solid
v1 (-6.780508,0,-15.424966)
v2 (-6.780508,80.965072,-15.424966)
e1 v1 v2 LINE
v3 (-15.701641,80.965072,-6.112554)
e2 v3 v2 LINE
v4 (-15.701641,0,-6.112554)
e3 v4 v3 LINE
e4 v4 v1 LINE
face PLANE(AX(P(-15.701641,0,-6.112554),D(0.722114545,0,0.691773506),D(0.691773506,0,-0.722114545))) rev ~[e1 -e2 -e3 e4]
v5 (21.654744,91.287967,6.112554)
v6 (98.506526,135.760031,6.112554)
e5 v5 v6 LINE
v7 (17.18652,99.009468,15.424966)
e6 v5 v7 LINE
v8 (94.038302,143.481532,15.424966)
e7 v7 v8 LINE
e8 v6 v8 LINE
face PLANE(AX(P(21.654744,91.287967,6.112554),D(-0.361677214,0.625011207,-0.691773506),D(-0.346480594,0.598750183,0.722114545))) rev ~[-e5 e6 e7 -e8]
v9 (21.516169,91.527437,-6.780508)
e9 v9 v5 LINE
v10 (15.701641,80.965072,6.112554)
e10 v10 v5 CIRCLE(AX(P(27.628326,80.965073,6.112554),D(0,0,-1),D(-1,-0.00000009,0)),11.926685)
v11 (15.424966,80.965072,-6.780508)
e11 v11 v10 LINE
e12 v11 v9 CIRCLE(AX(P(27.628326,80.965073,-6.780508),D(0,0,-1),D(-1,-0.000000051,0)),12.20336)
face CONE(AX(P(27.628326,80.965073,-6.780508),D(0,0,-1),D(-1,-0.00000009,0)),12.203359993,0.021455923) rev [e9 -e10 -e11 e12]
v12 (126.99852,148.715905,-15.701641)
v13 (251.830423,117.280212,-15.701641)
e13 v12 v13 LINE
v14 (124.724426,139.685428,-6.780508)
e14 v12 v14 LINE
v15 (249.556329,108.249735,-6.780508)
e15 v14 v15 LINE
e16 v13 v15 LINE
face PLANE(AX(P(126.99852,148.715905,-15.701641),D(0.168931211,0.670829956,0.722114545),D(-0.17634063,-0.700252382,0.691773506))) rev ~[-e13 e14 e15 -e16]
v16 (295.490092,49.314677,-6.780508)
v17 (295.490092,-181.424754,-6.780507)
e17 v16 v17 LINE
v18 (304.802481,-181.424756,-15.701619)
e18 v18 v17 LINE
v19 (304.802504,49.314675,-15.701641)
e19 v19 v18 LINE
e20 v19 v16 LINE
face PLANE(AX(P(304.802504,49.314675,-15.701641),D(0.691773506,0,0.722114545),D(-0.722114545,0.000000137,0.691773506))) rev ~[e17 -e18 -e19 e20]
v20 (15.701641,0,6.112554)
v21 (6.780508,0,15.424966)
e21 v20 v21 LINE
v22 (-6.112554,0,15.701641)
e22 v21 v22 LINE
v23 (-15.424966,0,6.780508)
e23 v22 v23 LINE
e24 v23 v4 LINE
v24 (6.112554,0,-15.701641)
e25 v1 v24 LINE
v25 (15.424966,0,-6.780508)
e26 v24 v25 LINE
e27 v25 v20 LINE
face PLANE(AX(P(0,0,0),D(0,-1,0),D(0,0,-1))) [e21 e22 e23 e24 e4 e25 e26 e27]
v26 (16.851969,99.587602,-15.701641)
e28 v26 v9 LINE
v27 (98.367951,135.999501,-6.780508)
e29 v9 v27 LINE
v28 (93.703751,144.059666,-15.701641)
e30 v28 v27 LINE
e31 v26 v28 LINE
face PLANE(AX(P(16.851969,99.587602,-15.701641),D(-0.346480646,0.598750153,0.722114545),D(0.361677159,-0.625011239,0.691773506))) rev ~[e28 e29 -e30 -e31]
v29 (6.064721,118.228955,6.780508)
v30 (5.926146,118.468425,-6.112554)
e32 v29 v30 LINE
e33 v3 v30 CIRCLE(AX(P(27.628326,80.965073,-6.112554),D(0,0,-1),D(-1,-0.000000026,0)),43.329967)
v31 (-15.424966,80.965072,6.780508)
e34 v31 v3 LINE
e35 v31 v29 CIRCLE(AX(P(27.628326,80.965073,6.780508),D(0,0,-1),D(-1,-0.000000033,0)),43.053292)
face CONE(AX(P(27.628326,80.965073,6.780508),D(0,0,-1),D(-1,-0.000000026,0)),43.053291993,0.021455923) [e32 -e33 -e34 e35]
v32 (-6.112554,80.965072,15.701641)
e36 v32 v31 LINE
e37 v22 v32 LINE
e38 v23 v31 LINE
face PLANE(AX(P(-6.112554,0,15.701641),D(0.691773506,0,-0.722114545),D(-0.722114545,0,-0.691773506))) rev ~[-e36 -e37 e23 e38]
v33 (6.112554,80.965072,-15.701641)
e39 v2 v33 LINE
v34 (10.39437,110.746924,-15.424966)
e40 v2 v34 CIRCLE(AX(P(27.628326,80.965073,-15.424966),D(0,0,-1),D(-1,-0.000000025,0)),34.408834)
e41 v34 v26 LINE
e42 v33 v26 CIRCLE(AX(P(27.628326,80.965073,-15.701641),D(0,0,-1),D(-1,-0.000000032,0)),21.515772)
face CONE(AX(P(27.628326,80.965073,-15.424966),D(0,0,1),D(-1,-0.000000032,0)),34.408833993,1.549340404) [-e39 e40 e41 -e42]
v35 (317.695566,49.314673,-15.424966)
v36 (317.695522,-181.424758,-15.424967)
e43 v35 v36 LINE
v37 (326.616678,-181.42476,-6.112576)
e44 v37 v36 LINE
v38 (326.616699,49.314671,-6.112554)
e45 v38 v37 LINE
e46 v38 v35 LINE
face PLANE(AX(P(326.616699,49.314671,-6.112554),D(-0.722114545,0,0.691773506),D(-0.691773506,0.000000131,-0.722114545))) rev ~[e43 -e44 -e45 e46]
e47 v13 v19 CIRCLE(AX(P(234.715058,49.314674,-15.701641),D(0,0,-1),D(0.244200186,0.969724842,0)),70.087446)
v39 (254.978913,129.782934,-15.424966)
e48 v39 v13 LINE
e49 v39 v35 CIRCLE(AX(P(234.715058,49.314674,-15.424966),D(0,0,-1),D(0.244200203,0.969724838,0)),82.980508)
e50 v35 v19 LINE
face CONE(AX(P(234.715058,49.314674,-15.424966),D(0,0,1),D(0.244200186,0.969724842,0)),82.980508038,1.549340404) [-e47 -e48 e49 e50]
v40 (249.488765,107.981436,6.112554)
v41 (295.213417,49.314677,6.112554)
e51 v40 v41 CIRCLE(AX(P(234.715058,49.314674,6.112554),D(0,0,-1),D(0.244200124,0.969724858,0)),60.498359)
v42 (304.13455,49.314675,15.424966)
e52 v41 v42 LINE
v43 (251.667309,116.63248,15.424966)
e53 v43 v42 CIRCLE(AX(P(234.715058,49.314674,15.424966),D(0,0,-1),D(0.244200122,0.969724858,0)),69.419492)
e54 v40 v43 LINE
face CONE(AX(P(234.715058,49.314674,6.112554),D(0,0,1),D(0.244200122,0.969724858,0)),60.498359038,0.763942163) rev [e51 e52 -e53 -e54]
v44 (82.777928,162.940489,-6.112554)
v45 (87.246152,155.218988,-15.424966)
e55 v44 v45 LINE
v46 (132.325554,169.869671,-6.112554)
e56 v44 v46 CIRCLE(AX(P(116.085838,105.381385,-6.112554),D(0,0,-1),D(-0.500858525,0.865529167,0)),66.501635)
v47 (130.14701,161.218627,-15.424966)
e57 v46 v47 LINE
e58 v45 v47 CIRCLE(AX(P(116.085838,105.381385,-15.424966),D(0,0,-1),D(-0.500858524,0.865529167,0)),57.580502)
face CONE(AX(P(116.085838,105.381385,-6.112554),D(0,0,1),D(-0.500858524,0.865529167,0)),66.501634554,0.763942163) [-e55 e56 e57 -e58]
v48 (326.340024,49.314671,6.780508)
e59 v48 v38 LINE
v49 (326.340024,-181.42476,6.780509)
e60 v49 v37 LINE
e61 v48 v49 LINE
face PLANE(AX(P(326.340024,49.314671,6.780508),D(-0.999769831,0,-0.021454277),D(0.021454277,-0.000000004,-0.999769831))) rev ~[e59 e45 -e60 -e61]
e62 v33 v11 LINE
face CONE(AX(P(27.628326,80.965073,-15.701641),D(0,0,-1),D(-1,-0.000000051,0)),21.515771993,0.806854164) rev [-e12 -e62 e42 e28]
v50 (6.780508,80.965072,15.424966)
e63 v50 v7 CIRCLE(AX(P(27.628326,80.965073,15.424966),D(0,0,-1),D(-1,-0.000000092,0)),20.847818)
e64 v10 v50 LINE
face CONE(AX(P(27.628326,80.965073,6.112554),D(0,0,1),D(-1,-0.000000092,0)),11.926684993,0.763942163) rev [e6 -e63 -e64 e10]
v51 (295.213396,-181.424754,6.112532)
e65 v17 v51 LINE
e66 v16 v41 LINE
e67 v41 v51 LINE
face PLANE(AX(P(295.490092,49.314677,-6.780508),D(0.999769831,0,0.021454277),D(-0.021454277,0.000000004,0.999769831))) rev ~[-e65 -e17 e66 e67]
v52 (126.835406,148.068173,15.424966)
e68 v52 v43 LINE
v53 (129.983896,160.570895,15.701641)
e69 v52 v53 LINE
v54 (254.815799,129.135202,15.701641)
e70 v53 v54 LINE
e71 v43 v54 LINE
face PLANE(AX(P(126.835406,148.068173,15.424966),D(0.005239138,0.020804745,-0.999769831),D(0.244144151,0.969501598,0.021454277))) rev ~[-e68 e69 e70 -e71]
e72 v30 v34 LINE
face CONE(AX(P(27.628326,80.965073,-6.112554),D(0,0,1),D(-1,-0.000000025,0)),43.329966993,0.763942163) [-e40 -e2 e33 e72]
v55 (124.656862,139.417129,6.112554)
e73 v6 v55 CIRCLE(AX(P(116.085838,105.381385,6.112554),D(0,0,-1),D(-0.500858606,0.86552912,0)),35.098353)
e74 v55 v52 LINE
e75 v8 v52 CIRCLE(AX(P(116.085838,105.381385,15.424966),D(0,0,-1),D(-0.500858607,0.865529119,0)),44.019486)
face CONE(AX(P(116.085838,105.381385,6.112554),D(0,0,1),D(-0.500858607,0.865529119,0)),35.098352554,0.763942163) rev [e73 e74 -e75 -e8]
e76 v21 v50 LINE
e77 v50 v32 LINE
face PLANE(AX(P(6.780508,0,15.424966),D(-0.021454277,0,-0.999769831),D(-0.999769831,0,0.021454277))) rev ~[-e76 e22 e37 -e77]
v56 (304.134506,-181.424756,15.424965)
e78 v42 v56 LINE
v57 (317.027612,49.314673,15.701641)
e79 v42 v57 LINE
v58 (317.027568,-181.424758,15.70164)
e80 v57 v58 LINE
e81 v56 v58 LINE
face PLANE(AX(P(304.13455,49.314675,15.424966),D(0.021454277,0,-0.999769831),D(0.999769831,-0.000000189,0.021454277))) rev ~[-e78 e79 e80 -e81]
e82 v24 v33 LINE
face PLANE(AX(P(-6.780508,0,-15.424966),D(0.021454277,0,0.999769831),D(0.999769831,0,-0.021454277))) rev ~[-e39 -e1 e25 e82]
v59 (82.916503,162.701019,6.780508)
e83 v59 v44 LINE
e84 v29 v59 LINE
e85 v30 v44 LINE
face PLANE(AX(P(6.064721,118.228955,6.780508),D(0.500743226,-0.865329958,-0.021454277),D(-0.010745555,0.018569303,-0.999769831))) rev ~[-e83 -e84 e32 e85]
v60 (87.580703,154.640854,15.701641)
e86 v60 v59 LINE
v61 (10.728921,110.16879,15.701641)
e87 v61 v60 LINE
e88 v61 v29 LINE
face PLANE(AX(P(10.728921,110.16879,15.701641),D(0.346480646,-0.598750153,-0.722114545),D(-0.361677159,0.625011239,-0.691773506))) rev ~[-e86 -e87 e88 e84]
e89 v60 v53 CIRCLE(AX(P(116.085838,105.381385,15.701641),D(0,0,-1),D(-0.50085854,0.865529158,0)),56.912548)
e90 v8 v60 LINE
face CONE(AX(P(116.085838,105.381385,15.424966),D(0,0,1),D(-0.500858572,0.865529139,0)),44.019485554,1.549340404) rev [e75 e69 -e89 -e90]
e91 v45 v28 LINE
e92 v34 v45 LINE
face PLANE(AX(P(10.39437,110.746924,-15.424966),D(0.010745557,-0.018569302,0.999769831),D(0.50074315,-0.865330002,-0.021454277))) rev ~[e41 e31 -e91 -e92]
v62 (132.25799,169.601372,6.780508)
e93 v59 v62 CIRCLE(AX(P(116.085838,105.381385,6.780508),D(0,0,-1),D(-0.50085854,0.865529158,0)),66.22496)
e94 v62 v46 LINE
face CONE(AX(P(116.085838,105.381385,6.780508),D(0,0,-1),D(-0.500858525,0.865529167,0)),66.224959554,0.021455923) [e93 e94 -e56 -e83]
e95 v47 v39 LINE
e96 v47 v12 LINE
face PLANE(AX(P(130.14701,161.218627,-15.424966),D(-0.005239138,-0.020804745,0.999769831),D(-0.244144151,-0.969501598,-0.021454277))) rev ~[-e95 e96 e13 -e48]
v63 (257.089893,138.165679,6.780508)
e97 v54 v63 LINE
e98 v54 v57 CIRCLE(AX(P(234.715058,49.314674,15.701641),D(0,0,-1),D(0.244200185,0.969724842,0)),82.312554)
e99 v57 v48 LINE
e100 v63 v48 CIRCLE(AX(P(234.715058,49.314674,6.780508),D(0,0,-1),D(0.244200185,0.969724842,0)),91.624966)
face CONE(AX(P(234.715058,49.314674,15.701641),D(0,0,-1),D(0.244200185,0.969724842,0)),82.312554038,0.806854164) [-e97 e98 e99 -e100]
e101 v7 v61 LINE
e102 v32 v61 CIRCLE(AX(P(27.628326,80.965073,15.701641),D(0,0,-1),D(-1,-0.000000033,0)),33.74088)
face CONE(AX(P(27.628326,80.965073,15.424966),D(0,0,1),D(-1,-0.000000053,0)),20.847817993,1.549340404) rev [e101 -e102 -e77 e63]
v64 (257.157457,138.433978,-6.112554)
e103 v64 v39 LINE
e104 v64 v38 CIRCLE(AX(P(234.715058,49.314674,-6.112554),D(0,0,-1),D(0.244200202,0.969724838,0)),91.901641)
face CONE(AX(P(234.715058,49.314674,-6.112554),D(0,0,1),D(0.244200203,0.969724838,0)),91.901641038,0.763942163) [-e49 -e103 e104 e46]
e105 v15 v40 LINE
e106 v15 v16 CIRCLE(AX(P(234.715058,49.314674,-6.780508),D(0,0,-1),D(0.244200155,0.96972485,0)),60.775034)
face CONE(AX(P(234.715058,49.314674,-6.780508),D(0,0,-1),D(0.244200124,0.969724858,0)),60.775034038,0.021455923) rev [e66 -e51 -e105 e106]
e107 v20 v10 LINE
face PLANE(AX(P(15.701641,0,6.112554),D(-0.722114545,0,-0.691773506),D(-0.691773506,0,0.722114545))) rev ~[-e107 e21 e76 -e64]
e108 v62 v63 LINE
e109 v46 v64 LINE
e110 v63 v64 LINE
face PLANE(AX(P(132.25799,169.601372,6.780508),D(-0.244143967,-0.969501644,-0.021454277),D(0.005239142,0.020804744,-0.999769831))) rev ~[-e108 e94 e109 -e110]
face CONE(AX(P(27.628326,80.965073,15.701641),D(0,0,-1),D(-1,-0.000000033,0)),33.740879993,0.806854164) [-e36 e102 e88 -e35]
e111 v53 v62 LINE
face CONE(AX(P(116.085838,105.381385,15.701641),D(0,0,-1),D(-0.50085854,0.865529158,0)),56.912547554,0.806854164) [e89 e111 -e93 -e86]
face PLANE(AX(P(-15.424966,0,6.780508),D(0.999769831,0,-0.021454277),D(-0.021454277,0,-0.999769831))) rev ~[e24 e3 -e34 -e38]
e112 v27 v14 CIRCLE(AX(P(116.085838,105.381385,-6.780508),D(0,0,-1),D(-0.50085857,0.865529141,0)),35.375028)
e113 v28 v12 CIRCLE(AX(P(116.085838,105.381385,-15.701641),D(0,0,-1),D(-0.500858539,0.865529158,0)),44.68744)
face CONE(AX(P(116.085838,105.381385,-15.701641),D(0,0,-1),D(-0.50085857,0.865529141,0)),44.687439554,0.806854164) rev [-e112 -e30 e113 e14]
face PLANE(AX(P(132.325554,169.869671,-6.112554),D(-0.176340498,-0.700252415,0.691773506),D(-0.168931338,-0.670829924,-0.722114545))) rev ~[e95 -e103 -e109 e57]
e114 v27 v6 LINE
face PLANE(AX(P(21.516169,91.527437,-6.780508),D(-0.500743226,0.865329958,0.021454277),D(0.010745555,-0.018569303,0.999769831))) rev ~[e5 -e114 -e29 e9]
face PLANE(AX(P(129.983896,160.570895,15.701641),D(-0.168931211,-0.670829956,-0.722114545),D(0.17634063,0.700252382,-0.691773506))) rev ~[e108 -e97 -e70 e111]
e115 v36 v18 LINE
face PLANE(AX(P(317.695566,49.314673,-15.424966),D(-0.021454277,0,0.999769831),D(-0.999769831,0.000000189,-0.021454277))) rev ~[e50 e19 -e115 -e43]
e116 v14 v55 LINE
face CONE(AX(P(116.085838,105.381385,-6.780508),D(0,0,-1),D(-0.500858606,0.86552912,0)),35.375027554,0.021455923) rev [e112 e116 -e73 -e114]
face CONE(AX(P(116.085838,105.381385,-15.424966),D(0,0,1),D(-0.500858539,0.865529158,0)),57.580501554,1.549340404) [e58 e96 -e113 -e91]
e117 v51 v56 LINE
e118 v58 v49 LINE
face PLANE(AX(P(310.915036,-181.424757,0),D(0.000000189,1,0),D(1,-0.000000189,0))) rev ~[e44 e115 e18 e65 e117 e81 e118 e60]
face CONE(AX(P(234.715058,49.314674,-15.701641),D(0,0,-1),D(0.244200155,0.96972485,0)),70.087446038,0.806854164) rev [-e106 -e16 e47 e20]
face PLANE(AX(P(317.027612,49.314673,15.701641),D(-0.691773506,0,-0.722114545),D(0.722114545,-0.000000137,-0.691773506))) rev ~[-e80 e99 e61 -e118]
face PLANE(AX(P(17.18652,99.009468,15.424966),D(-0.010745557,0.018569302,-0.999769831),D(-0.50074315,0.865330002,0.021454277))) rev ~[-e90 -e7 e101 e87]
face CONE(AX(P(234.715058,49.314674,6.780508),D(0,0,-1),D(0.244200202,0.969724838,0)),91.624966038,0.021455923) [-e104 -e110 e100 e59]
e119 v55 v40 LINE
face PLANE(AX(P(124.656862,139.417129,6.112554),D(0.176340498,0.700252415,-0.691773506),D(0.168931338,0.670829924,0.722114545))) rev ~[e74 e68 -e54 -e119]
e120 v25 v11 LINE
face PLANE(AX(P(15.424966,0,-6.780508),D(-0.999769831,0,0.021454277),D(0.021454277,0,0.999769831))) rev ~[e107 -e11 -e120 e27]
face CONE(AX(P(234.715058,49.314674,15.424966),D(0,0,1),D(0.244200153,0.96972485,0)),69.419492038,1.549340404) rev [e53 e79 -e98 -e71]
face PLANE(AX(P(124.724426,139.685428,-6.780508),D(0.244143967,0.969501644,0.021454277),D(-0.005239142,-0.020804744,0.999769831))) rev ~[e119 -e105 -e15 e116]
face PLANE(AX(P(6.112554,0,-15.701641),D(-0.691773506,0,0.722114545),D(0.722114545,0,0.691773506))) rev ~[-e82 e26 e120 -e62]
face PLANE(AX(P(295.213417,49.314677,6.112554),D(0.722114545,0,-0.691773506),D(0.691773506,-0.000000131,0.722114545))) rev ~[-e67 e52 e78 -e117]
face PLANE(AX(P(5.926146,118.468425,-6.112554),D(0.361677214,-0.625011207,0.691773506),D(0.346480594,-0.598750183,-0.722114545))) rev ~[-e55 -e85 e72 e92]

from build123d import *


with BuildPart() as f4:
    # F4: sweep along a path in F3
    with BuildLine(Plane.XY) as f4_path:
        Line((0, 0), (0, 80.965072))
        ThreePointArc((0, 80.965072), (3.694648, 94.767372), (13.790445, 104.878196))
        Line((13.790445, 104.878196), (90.642227, 149.35026))
        ThreePointArc((90.642227, 149.35026), (109.049982, 155.691782), (128.491208, 154.6434))
        Line((128.491208, 154.6434), (253.323111, 123.207707))
        ThreePointArc((253.323111, 123.207707), (294.816529, 96.15753), (310.915058, 49.314674))
        Line((310.915058, 49.314674), (310.915058, -181.424757))
    # F2 (on Front) → F4 (sweep)
    with BuildSketch(Plane.XZ):
        Polygon((-6.112554, 15.701641), (-15.424966, 6.780508), (-15.701641, -6.112554), (-6.780508, -15.424966), (6.112554, -15.701641), (15.424966, -6.780508), (15.701641, 6.112554), (6.780508, 15.424966), align=None)
    sweep(path=f4_path.line)


solid = f4.part
